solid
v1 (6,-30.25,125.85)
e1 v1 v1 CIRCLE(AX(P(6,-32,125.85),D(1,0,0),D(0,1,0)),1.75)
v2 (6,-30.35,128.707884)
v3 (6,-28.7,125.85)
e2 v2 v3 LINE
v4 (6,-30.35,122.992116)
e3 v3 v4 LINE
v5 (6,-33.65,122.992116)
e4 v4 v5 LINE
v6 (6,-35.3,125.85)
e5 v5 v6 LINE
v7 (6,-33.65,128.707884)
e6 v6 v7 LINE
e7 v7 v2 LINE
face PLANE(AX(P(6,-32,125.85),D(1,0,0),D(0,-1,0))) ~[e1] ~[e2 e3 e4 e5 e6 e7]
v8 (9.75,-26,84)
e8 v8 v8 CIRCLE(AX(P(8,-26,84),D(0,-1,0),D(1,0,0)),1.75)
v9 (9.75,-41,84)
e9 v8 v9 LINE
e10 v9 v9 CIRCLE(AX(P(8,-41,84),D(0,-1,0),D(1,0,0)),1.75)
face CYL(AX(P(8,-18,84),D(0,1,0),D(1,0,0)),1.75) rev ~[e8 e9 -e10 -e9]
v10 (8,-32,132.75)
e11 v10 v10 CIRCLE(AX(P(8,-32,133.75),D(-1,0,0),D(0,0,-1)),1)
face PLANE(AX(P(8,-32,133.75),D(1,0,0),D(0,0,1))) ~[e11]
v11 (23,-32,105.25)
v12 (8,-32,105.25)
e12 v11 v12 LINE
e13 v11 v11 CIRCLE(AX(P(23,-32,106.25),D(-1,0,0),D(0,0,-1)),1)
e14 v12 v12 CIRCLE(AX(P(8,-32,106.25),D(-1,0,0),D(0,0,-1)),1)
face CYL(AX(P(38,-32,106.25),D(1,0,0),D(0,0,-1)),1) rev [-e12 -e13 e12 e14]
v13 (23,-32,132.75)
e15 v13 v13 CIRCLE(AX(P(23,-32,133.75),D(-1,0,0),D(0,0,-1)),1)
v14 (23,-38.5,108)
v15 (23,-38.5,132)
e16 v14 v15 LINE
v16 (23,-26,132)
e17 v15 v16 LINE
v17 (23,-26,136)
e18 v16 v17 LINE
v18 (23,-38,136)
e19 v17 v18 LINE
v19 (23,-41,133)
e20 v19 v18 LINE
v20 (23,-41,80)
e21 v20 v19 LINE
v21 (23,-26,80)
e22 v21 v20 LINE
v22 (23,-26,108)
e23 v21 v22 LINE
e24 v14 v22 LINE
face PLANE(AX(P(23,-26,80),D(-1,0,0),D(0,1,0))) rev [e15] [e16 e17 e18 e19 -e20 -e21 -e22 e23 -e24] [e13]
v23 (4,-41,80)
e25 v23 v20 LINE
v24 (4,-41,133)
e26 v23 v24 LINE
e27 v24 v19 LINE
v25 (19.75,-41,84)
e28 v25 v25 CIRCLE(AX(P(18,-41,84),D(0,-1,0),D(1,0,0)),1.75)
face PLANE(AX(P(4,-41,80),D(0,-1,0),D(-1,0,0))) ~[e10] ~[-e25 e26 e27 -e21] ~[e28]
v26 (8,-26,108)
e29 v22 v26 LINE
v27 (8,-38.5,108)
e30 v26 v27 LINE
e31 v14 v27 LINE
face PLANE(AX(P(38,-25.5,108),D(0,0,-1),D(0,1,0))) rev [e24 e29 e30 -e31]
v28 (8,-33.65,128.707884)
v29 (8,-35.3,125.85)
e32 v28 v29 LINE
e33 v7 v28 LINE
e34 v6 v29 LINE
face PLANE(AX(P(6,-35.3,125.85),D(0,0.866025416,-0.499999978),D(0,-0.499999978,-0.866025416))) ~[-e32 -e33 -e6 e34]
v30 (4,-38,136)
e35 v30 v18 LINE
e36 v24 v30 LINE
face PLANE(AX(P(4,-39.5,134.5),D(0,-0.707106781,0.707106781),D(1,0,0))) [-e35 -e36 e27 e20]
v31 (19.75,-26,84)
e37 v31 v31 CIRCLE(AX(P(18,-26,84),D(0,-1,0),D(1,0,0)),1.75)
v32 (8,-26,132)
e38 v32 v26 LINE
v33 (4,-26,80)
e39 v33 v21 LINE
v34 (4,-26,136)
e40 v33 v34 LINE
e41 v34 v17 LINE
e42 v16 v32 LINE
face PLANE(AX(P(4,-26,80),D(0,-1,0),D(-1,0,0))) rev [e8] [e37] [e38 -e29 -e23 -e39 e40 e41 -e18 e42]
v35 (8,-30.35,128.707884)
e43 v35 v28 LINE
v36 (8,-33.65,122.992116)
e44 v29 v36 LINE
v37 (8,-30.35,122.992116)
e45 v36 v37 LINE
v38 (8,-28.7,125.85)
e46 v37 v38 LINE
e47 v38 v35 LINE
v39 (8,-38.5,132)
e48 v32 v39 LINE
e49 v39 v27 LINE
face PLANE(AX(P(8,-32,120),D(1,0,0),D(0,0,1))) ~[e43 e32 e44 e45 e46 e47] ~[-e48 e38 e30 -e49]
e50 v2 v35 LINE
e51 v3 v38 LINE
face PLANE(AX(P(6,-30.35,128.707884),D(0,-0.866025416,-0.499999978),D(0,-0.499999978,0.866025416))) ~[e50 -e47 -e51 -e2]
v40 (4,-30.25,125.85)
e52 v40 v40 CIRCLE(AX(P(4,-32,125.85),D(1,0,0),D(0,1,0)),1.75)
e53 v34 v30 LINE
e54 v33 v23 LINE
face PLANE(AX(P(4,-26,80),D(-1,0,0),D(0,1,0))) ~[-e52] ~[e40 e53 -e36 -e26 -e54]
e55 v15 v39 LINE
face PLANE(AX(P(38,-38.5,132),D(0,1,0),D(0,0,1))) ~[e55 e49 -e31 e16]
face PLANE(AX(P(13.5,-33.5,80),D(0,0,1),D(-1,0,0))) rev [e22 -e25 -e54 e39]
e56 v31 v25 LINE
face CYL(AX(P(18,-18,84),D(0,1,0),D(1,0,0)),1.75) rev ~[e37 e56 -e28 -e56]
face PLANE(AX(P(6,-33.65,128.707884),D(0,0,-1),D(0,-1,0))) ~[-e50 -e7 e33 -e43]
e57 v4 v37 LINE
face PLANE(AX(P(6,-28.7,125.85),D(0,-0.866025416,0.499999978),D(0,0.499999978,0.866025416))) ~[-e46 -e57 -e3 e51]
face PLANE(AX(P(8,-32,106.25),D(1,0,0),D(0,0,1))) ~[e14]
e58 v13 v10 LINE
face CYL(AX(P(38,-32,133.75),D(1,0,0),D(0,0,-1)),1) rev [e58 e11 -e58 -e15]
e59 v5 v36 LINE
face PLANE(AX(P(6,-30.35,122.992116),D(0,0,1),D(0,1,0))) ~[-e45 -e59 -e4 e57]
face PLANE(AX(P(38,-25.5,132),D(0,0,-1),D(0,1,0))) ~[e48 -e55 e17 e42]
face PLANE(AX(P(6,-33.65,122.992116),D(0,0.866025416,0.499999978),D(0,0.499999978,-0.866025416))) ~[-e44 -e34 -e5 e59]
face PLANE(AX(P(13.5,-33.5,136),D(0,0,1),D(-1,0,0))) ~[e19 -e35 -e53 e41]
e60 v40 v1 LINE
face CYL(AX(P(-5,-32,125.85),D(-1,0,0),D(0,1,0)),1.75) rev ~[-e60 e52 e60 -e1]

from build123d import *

# Parameters (mm, degrees)
CYLINDER075_R          = 1.75
CYLINDER075_DEPTH      = 32
PRISM001_DEPTH         = 10
SKETCH015_R            = 1
SKETCH015_W            = 24
SKETCH015_H            = 13
PAD010_DEPTH           = 30
CYLINDER073_R          = 1.75
CYLINDER073_DEPTH      = 32
CYLINDER073_ROLL_ANGLE = -90
CYLINDER074_R          = 1.75
CYLINDER074_DEPTH      = 32
CYLINDER074_ROLL_ANGLE = -90
BOX054_W               = 19
BOX054_H               = 15
BOX054_DEPTH           = 56
CHAMFER108_SIZE        = 3


with BuildPart() as cilindro016:
    # Cylinder075 → Cylinder075 (new body)
    with BuildSketch(Plane(origin=(-5, 104, 125.85), x_dir=(0, -1, 0), z_dir=(1, 0, 0))):
        Circle(CYLINDER075_R)
    extrude(amount=CYLINDER075_DEPTH)


with BuildPart() as fusion057:
    # Prism001 → Prism001 (new body)
    with BuildSketch(Plane(origin=(6, 104, 125.85), x_dir=(0, -1, 0), z_dir=(1, 0, 0))):
        Polygon((3.3, 0), (1.65, 2.857884), (-1.65, 2.857884), (-3.3, 0), (-1.65, -2.857884), (1.65, -2.857884), align=None)
    extrude(amount=PRISM001_DEPTH)

    # Fusion057: union Cilindro016
    add(cilindro016.part)


with BuildPart() as pad010:
    # Sketch015 → Pad010 (new body)
    with BuildSketch(Plane(origin=(38, -16, 143.25), x_dir=(0, 0, -1), z_dir=(1, 0, 0))):
        with Locations((37, 120)):
            Circle(SKETCH015_R)
        with Locations((9.5, 120)):
            Circle(SKETCH015_R)
        with Locations((23.25, 120)):
            Rectangle(SKETCH015_W, SKETCH015_H)
    extrude(amount=-PAD010_DEPTH)


with BuildPart() as cilindro014:
    # Cylinder073 → Cylinder073 (new body)
    with BuildSketch(Plane.XY):
        Circle(CYLINDER073_R)
    extrude(amount=CYLINDER073_DEPTH)


with BuildPart() as cilindro014_1:
    # Cylinder073 roll: moved
    add(cilindro014.part.rotate(Axis((0, 0, 0), (1, 0, 0)), CYLINDER073_ROLL_ANGLE))


with BuildPart() as cilindro014_2:
    # Cylinder073 placement: moved
    add(cilindro014_1.part.moved(Location((8, 90, 84))))


with BuildPart() as fusion056:
    # Cylinder074 → Cylinder074 (new body)
    with BuildSketch(Plane.XY):
        Circle(CYLINDER074_R)
    extrude(amount=CYLINDER074_DEPTH)


with BuildPart() as fusion056_1:
    # Cylinder074 roll: moved
    add(fusion056.part.rotate(Axis((0, 0, 0), (1, 0, 0)), CYLINDER074_ROLL_ANGLE))


with BuildPart() as fusion056_2:
    # Cylinder074 placement: moved
    add(fusion056_1.part.moved(Location((18, 90, 84))))

    # Fusion056: union Cilindro014
    add(cilindro014_2.part)


with BuildPart() as clone_of_cut100:
    # Box054 → Box054 (new body)
    with BuildSketch(Plane(origin=(4, 98, 80), x_dir=(1, 0, 0), z_dir=(0, 0, 1))):
        with Locations((9.5, 7.5)):
            Rectangle(BOX054_W, BOX054_H)
    extrude(amount=BOX054_DEPTH)

    # Cut098: cut Fusion056
    add(fusion056_2.part, mode=Mode.SUBTRACT)

    # Cut099: cut Pad010
    add(pad010.part, mode=Mode.SUBTRACT)

    # Chamfer108
    chamfer108_edges = [clone_of_cut100.edges().sort_by_distance(p)[0] for p in [
        (13.5, 113, 136),
    ]]
    chamfer(chamfer108_edges, length=CHAMFER108_SIZE)

    # Cut100: cut Fusion057
    add(fusion057.part, mode=Mode.SUBTRACT)


with BuildPart() as part_mirroring007009:
    # Part__Mirroring007009: instance of Clone of Cut100
    add(clone_of_cut100.part.mirror(Plane(origin=(0, 0, 0), x_dir=(1, 0, 0), z_dir=(0, 1, 0))))


with BuildPart() as part_mirroring007009_1:
    # Part__Mirroring007009 placement: moved
    add(part_mirroring007009.part.moved(Location((0, 72, 0))))


solid = part_mirroring007009_1.part
